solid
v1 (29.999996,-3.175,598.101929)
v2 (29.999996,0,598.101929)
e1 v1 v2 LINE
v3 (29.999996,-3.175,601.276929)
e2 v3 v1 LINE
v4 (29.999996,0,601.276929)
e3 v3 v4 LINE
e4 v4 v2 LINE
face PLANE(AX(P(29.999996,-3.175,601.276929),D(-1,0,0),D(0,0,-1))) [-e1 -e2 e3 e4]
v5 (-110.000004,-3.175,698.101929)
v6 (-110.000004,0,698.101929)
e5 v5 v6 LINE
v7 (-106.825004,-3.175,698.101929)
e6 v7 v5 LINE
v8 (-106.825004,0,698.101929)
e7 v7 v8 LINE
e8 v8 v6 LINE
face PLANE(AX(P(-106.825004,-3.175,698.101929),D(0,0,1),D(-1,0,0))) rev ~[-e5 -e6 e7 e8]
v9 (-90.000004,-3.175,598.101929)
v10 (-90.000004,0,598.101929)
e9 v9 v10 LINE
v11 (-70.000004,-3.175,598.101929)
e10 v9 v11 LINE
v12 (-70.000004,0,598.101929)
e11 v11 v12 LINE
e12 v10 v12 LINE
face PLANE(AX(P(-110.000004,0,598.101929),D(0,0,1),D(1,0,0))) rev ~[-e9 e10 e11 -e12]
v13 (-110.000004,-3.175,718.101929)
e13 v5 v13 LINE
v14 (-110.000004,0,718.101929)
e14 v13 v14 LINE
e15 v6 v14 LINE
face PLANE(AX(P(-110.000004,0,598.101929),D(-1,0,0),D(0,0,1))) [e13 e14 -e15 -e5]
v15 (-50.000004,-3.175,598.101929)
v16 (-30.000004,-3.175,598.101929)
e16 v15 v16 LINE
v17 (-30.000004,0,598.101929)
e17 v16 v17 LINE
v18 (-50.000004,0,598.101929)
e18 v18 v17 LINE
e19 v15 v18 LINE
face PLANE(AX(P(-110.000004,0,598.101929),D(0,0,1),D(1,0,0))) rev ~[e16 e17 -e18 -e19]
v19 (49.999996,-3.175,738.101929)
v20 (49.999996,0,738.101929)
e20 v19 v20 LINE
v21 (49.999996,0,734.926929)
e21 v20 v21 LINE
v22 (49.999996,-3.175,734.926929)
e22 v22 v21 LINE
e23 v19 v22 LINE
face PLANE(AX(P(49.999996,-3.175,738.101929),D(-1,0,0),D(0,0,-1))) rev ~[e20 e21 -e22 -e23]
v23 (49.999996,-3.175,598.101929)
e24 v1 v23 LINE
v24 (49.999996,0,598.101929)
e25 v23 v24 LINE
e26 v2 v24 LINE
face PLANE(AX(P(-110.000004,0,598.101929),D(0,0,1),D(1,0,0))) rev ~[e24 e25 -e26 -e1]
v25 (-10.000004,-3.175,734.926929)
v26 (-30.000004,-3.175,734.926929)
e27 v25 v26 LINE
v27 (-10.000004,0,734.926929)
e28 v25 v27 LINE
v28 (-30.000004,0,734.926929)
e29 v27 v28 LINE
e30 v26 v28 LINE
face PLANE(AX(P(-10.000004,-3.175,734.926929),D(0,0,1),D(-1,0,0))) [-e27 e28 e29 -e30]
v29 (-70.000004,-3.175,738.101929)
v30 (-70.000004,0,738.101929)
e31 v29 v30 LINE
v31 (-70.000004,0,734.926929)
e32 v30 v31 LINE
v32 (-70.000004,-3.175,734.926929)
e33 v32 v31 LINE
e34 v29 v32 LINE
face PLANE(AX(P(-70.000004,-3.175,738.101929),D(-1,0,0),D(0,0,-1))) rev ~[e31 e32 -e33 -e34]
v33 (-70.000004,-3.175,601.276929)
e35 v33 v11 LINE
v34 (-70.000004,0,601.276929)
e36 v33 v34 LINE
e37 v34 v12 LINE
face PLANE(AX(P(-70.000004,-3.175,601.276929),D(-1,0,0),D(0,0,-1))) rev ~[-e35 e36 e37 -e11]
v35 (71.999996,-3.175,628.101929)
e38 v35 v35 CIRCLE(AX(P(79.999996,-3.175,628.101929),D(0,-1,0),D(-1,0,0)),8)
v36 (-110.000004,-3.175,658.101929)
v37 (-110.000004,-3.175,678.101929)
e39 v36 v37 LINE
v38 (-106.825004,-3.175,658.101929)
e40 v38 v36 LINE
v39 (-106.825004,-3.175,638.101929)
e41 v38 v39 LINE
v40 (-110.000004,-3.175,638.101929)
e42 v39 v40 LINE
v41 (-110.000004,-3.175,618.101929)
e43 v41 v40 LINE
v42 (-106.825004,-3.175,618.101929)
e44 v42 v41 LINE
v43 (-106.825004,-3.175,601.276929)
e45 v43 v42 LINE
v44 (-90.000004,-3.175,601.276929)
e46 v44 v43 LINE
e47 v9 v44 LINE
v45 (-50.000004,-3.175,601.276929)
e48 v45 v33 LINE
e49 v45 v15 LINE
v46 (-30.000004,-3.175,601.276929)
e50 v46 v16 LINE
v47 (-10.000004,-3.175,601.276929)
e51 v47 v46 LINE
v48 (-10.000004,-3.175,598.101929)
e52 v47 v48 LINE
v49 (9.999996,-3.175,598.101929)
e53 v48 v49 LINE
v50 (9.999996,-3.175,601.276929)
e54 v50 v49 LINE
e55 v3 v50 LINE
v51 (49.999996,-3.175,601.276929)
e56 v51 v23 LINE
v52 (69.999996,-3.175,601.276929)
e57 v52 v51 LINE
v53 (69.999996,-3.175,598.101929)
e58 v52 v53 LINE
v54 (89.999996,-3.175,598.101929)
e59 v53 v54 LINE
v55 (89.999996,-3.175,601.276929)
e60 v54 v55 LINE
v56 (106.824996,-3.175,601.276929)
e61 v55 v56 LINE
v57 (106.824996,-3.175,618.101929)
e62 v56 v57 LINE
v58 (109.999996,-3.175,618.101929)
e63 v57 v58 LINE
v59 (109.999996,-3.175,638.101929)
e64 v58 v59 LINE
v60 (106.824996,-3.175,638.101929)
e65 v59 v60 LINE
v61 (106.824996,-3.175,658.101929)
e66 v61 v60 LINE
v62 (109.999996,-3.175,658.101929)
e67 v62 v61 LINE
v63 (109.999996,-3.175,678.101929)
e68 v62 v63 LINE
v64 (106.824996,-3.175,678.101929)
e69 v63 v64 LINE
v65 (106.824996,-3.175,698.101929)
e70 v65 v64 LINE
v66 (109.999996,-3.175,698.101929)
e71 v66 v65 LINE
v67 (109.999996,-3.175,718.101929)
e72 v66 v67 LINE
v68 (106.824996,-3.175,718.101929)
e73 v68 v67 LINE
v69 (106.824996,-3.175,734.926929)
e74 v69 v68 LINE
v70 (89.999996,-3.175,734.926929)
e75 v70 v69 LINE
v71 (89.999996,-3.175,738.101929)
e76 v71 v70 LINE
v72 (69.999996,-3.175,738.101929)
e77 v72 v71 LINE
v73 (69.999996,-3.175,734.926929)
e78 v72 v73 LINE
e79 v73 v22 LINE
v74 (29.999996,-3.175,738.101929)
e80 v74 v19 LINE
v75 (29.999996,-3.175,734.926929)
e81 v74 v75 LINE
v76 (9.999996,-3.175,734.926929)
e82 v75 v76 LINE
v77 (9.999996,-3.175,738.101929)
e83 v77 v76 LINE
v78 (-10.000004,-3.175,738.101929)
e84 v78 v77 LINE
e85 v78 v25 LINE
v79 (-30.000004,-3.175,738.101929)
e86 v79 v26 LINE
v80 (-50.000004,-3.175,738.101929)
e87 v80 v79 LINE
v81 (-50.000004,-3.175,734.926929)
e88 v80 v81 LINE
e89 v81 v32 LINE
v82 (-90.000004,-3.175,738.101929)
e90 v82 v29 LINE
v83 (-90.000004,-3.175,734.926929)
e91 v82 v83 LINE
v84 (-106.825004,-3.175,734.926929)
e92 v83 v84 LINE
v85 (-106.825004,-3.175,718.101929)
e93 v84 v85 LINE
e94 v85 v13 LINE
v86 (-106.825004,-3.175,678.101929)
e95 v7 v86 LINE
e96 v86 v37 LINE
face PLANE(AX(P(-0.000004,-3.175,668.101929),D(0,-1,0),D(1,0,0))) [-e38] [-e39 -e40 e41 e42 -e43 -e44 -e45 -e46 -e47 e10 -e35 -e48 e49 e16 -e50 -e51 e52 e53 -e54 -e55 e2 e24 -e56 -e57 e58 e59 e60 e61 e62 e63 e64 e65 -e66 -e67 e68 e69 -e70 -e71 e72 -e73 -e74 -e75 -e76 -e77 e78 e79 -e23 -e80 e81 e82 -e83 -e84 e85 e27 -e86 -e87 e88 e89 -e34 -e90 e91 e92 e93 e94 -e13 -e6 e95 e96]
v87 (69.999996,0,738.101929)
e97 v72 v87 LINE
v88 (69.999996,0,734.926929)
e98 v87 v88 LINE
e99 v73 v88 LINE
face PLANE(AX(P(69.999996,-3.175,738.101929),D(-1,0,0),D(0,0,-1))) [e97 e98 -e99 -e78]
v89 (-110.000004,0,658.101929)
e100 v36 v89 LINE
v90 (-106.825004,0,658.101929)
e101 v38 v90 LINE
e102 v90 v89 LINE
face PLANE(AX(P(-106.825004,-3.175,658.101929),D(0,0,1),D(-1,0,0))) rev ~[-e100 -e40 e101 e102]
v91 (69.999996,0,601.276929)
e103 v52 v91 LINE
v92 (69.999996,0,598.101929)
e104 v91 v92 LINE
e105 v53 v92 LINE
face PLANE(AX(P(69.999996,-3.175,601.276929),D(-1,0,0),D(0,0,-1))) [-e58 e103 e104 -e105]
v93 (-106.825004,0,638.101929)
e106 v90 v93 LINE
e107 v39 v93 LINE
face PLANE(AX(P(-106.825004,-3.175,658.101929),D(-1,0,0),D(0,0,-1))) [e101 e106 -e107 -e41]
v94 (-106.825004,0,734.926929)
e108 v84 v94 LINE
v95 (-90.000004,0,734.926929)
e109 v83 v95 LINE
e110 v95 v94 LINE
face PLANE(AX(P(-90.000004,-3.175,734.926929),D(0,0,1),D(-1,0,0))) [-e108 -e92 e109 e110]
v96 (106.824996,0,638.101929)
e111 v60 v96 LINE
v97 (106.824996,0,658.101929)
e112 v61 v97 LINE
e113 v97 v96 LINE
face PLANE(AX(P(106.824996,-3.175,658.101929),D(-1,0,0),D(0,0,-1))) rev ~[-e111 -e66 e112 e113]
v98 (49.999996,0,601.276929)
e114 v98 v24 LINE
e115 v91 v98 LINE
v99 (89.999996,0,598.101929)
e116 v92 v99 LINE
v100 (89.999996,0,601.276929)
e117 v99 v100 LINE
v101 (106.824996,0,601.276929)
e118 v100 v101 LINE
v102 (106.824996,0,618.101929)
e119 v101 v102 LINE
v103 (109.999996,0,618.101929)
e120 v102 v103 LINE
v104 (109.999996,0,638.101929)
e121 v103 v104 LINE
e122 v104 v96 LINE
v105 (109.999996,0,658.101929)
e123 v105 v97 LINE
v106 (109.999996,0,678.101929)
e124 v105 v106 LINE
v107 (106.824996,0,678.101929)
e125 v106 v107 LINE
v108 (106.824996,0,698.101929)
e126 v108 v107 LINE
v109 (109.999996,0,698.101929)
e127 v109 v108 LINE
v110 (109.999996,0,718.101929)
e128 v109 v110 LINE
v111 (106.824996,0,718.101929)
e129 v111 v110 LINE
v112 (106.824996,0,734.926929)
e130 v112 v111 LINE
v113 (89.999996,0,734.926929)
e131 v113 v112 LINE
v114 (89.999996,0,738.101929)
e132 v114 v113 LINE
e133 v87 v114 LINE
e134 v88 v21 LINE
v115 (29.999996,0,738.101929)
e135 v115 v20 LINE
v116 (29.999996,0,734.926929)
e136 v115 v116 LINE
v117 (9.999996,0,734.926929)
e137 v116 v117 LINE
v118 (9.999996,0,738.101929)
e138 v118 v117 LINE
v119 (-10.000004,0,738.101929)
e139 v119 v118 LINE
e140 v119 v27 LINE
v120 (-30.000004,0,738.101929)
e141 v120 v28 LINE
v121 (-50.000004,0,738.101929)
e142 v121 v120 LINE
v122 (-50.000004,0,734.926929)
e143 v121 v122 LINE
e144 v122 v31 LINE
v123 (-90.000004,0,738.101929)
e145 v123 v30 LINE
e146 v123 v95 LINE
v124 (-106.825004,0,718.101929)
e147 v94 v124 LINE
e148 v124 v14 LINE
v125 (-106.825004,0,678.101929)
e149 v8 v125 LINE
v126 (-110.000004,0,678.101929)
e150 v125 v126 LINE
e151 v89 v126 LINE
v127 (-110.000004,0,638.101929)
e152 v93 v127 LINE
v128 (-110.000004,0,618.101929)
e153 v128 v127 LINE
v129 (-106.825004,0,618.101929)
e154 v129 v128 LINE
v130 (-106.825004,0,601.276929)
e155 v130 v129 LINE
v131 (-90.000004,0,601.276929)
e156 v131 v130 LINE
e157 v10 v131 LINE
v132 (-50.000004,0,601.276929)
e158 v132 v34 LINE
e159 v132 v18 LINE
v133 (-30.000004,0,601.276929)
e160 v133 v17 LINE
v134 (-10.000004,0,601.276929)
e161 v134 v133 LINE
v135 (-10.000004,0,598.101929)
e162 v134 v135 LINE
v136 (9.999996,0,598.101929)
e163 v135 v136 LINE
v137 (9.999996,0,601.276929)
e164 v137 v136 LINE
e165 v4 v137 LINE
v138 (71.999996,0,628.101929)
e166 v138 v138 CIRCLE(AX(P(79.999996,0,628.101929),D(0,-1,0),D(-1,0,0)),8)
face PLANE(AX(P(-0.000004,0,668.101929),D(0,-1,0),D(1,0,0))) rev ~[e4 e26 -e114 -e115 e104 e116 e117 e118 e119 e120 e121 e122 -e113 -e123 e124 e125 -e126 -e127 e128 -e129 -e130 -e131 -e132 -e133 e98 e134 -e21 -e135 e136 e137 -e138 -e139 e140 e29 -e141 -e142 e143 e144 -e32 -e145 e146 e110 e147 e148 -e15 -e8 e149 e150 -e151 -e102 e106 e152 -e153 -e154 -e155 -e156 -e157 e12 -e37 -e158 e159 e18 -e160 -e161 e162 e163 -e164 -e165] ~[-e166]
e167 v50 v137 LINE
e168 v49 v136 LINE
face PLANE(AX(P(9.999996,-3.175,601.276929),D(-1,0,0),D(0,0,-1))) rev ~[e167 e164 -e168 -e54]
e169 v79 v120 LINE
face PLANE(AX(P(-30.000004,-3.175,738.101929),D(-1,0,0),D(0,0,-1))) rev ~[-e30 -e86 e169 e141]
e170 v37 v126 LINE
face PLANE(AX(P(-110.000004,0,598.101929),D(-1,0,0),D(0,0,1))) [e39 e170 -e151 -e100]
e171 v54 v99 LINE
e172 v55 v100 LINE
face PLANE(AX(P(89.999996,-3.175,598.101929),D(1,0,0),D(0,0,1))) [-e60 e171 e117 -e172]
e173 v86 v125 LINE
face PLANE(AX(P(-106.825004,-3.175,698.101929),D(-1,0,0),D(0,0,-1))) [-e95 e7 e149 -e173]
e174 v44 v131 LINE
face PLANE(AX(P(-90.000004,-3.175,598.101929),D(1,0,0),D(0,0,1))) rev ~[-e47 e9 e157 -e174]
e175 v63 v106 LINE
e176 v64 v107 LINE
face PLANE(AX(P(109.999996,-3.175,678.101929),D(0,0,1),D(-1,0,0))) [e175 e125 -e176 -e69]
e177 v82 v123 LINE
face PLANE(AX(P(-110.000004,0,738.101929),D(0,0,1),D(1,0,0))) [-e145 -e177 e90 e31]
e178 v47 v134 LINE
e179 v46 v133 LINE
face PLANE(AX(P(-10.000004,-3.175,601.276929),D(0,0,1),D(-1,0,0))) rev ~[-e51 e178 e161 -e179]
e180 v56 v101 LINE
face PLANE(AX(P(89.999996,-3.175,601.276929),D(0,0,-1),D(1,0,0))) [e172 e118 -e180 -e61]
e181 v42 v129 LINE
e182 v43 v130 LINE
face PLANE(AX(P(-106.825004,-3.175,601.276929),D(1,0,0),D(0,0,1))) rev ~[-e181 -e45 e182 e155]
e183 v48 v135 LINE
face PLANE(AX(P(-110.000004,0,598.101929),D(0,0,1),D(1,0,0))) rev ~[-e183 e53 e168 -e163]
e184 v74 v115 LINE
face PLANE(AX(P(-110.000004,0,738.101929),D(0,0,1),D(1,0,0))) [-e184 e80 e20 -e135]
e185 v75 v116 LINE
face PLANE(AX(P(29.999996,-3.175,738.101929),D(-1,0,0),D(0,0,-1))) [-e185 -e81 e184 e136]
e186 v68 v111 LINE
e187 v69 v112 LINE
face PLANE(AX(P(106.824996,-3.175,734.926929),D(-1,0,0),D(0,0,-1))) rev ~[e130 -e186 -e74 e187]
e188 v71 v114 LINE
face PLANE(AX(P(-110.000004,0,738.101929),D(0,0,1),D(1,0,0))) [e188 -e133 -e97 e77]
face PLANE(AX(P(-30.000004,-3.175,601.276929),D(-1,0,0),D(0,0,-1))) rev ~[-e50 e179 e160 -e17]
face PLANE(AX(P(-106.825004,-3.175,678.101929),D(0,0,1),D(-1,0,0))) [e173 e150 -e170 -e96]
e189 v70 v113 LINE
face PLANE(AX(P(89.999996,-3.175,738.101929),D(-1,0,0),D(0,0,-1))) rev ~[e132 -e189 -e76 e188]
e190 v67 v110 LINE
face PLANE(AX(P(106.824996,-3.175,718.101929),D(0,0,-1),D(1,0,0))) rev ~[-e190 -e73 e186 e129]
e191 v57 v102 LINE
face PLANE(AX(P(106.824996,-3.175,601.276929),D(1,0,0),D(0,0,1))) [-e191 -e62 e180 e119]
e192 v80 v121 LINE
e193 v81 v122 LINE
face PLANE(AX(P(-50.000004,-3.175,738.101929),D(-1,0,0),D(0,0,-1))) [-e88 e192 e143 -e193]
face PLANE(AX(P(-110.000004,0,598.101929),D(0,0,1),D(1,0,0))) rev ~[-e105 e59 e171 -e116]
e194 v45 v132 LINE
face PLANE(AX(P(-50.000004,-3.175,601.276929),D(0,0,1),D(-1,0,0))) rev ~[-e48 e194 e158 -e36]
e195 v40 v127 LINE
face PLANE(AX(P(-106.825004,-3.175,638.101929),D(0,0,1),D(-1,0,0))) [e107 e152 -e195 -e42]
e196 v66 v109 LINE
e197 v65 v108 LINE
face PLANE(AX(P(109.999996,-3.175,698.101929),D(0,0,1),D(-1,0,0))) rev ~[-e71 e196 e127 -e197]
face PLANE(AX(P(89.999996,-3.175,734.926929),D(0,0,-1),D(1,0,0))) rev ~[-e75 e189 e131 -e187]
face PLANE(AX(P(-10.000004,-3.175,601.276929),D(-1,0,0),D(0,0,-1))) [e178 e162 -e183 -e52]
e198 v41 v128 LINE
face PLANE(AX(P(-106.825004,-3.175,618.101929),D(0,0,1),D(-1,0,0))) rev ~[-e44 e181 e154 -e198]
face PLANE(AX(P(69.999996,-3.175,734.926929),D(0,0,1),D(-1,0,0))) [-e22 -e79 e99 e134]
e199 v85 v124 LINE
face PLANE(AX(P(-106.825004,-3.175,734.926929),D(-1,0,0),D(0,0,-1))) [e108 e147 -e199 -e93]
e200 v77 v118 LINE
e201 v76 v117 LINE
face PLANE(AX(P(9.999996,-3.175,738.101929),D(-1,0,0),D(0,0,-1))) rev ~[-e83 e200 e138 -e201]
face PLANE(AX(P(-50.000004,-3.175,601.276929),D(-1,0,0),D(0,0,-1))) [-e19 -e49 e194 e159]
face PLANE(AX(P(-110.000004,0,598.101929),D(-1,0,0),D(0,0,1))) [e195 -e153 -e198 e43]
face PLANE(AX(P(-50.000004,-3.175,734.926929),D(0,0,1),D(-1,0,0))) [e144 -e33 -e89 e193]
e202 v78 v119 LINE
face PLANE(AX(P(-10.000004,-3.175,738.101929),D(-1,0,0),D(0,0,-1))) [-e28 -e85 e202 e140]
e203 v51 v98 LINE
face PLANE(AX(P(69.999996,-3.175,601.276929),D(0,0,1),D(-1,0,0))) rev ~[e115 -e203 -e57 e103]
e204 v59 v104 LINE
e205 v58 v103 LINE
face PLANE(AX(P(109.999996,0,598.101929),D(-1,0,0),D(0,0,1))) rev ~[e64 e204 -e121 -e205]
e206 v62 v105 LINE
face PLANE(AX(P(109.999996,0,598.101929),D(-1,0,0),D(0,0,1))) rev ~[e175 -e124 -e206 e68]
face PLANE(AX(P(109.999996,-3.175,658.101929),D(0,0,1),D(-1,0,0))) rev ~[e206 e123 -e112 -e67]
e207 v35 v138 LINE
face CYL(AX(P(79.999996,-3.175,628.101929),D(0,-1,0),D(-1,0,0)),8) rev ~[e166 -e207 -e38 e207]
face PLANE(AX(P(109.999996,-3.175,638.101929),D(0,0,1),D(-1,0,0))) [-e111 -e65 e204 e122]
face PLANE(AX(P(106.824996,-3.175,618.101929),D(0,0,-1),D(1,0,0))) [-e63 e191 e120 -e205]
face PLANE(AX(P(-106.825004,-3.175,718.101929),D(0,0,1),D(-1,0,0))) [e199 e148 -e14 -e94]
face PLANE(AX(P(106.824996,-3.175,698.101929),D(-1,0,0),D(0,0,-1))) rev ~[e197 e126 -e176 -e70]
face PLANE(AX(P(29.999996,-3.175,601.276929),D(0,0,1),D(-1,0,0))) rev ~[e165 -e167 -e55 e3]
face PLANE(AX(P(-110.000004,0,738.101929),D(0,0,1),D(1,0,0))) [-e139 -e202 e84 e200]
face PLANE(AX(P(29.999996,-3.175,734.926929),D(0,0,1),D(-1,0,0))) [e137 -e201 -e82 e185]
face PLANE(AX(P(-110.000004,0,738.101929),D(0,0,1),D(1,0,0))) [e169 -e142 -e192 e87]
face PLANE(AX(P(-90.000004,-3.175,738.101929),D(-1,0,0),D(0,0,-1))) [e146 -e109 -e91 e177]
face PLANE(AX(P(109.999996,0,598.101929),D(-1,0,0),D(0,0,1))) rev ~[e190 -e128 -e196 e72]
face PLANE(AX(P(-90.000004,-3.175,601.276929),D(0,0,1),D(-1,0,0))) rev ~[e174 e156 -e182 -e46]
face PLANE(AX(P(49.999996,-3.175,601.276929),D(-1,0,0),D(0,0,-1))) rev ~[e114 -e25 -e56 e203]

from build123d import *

# Parameters (mm, degrees)
SKETCH48_W           = 219.999999786
SKETCH48_H           = 140
BOSS_EXTRUDE12_DEPTH = 3.175
SKETCH49_R           = 8
SKETCH49_W           = 20
SKETCH49_H           = 3.175
SKETCH49_W_2         = 3.175
SKETCH49_H_2         = 20
CUT_EXTRUDE24_DEPTH  = 3.175


with BuildPart() as part:
    # Sketch48 → Boss-Extrude12 (new body)
    with BuildSketch(Plane.XZ):
        with Locations((-4.307e-06, 668.101928689)):
            Rectangle(SKETCH48_W, SKETCH48_H)
    extrude(amount=BOSS_EXTRUDE12_DEPTH)

    # Sketch49 → Cut-Extrude24 (cut)
    with BuildSketch(Plane(origin=(0, -3.175, 0), x_dir=(-1, 0, 0), z_dir=(0, -1, 0))):
        with Locations((-79.999995586, -628.101928689)):
            Circle(SKETCH49_R)
        with Locations((60.0000042, -736.514428689)):
            Rectangle(SKETCH49_W, SKETCH49_H)
        Polygon((110.0000042, -738.101928689), (90.0000042, -738.101928689), (90.0000042, -734.926928689), (106.8250042, -734.926928689), (106.8250042, -718.101928689), (110.0000042, -718.101928689), align=None)
        with Locations((20.0000042, -736.514428689)):
            Rectangle(SKETCH49_W, SKETCH49_H)
        with Locations((-19.9999958, -736.514428689)):
            Rectangle(SKETCH49_W, SKETCH49_H)
        with Locations((-59.9999958, -736.514428689)):
            Rectangle(SKETCH49_W, SKETCH49_H)
        Polygon((-89.9999958, -738.101928689), (-89.9999958, -734.926928689), (-106.824995586, -734.926928689), (-106.824995586, -718.101928689), (-109.999995586, -718.101928689), (-109.9999958, -738.101928689), align=None)
        with Locations((60.0000042, -599.689428689)):
            Rectangle(SKETCH49_W, SKETCH49_H)
        Polygon((110.0000042, -598.101928689), (90.0000042, -598.101928689), (90.0000042, -601.276928689), (106.8250042, -601.276928689), (106.8250042, -618.101928689), (110.0000042, -618.101928689), align=None)
        with Locations((20.0000042, -599.689428689)):
            Rectangle(SKETCH49_W, SKETCH49_H)
        with Locations((-19.9999958, -599.689428689)):
            Rectangle(SKETCH49_W, SKETCH49_H)
        with Locations((-59.9999958, -599.689428689)):
            Rectangle(SKETCH49_W, SKETCH49_H)
        Polygon((-89.9999958, -598.101928689), (-89.9999958, -601.276928689), (-106.824995586, -601.276928689), (-106.824995586, -618.101928689), (-109.999995586, -618.101928689), (-109.9999958, -598.101928689), align=None)
        with Locations((108.4125042, -648.101928689)):
            Rectangle(SKETCH49_W_2, SKETCH49_H_2)
        with Locations((108.4125042, -688.101928689)):
            Rectangle(SKETCH49_W_2, SKETCH49_H_2)
        with Locations((-108.412495586, -648.101928689)):
            Rectangle(SKETCH49_W_2, SKETCH49_H_2)
        with Locations((-108.412495586, -688.101928689)):
            Rectangle(SKETCH49_W_2, SKETCH49_H_2)
    extrude(amount=-CUT_EXTRUDE24_DEPTH, mode=Mode.SUBTRACT)


solid = part.part
